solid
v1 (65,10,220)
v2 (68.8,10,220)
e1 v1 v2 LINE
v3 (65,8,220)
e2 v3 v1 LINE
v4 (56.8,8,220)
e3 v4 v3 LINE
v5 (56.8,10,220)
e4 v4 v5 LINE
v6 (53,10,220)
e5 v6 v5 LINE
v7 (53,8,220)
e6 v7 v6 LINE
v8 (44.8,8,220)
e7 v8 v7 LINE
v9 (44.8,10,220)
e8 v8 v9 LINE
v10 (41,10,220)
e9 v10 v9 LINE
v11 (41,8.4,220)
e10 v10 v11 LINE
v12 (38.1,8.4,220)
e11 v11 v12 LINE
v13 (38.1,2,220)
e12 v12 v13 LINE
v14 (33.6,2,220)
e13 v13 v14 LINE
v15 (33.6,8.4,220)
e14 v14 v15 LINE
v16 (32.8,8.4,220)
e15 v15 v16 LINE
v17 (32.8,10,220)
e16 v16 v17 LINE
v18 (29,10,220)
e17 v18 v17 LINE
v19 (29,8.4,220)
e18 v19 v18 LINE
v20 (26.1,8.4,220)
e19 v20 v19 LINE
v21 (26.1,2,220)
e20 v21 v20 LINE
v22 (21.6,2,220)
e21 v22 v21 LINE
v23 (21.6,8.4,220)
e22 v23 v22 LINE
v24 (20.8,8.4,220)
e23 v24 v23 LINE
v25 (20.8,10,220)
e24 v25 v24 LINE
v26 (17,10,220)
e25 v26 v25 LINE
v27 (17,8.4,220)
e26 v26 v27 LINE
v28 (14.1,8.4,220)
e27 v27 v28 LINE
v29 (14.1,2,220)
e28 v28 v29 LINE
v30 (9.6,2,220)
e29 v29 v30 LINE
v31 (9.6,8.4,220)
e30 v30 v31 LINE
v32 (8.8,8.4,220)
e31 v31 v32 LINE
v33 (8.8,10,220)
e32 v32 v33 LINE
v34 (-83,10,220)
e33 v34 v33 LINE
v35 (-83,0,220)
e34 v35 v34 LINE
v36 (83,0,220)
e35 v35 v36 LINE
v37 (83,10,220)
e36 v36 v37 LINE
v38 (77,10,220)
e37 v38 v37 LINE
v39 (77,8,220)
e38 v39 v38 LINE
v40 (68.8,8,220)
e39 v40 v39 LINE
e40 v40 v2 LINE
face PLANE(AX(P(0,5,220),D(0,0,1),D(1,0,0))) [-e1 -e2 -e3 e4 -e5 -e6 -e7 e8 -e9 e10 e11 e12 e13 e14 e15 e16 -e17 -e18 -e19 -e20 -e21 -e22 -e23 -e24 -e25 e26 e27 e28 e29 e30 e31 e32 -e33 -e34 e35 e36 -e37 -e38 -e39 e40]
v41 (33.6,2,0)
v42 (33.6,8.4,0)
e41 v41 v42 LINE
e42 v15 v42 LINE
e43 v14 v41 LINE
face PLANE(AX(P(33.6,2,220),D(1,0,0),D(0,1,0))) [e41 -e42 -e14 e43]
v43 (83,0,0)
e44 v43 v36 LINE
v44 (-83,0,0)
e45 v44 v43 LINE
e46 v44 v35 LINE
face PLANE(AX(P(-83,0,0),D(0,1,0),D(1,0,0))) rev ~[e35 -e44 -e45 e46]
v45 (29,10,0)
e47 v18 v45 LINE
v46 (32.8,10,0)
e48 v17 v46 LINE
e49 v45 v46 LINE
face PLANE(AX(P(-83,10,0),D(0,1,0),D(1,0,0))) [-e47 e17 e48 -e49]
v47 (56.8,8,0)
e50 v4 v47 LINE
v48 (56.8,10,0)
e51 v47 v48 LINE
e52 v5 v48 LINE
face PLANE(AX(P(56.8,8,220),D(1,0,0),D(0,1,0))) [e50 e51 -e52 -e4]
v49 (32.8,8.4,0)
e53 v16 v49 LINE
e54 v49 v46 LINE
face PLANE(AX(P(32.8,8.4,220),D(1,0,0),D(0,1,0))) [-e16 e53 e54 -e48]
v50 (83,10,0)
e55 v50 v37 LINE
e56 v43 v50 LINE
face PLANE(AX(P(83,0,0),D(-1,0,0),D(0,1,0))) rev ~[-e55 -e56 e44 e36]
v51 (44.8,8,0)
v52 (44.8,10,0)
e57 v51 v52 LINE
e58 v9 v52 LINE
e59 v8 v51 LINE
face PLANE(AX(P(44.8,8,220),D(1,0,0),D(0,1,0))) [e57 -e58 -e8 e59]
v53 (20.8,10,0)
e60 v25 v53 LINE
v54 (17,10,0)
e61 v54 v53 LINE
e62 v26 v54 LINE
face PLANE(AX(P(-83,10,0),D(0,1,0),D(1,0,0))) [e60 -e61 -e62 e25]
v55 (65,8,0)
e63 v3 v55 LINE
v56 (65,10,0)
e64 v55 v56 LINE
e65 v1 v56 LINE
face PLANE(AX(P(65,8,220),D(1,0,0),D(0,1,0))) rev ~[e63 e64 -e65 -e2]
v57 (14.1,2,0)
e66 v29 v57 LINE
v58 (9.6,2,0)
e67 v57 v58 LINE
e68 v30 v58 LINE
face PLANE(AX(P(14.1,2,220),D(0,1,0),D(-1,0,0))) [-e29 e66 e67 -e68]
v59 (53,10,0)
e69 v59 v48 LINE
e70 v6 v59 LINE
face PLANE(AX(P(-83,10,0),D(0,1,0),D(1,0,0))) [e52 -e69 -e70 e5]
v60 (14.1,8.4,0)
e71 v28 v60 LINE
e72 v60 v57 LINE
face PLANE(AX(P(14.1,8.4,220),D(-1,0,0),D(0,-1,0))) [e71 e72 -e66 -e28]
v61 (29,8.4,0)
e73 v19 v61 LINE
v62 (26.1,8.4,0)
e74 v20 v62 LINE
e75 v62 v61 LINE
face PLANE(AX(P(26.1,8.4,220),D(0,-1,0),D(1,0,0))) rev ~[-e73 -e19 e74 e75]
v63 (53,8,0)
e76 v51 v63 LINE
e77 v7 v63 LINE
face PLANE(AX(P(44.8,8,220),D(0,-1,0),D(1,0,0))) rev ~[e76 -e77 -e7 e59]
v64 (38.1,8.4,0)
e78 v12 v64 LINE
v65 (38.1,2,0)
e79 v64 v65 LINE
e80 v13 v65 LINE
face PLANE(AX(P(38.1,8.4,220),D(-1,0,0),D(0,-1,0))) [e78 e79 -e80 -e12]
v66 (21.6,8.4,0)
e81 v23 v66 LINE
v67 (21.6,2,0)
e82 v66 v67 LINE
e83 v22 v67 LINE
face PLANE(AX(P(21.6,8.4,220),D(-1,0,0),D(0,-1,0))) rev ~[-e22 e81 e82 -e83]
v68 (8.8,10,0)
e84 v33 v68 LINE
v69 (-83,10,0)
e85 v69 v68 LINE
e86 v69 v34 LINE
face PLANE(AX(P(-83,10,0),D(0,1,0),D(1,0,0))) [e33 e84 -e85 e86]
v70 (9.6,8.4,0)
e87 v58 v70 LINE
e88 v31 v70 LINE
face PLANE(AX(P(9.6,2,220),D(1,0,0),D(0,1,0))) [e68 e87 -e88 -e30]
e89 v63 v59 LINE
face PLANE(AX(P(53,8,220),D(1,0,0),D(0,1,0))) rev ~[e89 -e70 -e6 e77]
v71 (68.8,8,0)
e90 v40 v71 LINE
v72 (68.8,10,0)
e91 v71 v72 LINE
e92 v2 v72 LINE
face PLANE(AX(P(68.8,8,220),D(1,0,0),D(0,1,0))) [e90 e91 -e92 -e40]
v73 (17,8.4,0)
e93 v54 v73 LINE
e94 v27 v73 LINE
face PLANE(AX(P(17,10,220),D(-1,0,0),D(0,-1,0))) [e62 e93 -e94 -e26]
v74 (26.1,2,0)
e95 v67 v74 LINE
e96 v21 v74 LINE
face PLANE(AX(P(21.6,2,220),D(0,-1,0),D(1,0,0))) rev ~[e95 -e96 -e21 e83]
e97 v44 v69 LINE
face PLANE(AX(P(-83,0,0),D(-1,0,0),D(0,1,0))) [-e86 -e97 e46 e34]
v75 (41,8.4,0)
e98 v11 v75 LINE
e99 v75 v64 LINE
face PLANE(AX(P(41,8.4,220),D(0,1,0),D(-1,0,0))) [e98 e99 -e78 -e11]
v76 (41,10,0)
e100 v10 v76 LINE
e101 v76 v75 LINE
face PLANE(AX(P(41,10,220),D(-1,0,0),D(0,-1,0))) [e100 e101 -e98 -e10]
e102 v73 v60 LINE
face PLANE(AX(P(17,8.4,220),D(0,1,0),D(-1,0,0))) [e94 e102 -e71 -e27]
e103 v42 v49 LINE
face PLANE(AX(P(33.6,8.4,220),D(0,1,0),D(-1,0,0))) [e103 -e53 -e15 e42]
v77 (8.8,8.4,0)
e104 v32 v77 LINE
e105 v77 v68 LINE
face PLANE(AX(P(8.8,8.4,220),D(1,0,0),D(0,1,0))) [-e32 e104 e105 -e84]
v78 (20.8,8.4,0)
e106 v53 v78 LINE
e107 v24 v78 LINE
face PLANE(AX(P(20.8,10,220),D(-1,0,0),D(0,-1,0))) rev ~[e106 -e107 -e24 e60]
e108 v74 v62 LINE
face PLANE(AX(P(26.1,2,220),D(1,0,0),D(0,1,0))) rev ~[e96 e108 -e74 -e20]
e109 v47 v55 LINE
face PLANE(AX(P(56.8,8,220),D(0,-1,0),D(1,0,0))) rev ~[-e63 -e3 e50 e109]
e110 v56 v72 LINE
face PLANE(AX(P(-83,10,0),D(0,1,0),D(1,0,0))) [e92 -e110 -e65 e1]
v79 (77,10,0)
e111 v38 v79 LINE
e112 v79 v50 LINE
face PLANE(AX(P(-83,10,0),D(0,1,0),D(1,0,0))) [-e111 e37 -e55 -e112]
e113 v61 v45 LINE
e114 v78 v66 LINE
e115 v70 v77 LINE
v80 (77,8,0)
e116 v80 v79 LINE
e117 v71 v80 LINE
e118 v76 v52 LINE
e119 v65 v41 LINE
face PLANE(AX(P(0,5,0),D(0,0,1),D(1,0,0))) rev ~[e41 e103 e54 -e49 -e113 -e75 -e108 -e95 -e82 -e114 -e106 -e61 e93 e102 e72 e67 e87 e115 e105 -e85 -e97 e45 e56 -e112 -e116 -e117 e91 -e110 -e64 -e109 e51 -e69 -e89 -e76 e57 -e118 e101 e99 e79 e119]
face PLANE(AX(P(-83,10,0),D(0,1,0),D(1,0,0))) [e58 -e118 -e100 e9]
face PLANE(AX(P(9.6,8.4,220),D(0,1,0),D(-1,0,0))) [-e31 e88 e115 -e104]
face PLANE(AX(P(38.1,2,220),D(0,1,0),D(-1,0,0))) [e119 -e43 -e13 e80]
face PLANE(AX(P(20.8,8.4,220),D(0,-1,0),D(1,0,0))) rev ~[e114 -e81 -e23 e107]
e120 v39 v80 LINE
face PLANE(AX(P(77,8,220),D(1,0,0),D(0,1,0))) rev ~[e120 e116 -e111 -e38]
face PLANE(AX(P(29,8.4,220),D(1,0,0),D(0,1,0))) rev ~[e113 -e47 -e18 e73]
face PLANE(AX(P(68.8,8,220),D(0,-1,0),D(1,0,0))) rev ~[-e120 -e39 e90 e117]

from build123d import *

# Parameters (mm, degrees)
SKETCH_W     = 166
SKETCH_H     = 10
PAD_DEPTH    = 220
SKETCH001_W  = 8.2
SKETCH001_H  = 2
POCKET_DEPTH = 220.001


with BuildPart() as part:
    # Sketch → Pad (new body)
    with BuildSketch(Plane.XY):
        with Locations((0, 5)):
            Rectangle(SKETCH_W, SKETCH_H)
    extrude(amount=PAD_DEPTH)

    # Sketch001 → Pocket (cut, through all)
    with BuildSketch(Plane.XY.offset(220)):
        with Locations((72.9, 9)):
            Rectangle(SKETCH001_W, SKETCH001_H)
        with Locations((60.9, 9)):
            Rectangle(SKETCH001_W, SKETCH001_H)
        Polygon((32.8, 10), (41, 10), (41, 8.4), (38.1, 8.4), (38.1, 2), (33.6, 2), (33.6, 8.4), (32.8, 8.4), align=None)
        with Locations((48.9, 9)):
            Rectangle(SKETCH001_W, SKETCH001_H)
        Polygon((20.8, 10), (20.8, 8.4), (21.6, 8.4), (21.6, 2), (26.1, 2), (26.1, 8.4), (29, 8.4), (29, 10), align=None)
        Polygon((17, 10), (17, 8.4), (14.1, 8.4), (14.1, 2), (9.6, 2), (9.6, 8.4), (8.8, 8.4), (8.8, 10), align=None)
    extrude(amount=-POCKET_DEPTH, mode=Mode.SUBTRACT)


solid = part.part
